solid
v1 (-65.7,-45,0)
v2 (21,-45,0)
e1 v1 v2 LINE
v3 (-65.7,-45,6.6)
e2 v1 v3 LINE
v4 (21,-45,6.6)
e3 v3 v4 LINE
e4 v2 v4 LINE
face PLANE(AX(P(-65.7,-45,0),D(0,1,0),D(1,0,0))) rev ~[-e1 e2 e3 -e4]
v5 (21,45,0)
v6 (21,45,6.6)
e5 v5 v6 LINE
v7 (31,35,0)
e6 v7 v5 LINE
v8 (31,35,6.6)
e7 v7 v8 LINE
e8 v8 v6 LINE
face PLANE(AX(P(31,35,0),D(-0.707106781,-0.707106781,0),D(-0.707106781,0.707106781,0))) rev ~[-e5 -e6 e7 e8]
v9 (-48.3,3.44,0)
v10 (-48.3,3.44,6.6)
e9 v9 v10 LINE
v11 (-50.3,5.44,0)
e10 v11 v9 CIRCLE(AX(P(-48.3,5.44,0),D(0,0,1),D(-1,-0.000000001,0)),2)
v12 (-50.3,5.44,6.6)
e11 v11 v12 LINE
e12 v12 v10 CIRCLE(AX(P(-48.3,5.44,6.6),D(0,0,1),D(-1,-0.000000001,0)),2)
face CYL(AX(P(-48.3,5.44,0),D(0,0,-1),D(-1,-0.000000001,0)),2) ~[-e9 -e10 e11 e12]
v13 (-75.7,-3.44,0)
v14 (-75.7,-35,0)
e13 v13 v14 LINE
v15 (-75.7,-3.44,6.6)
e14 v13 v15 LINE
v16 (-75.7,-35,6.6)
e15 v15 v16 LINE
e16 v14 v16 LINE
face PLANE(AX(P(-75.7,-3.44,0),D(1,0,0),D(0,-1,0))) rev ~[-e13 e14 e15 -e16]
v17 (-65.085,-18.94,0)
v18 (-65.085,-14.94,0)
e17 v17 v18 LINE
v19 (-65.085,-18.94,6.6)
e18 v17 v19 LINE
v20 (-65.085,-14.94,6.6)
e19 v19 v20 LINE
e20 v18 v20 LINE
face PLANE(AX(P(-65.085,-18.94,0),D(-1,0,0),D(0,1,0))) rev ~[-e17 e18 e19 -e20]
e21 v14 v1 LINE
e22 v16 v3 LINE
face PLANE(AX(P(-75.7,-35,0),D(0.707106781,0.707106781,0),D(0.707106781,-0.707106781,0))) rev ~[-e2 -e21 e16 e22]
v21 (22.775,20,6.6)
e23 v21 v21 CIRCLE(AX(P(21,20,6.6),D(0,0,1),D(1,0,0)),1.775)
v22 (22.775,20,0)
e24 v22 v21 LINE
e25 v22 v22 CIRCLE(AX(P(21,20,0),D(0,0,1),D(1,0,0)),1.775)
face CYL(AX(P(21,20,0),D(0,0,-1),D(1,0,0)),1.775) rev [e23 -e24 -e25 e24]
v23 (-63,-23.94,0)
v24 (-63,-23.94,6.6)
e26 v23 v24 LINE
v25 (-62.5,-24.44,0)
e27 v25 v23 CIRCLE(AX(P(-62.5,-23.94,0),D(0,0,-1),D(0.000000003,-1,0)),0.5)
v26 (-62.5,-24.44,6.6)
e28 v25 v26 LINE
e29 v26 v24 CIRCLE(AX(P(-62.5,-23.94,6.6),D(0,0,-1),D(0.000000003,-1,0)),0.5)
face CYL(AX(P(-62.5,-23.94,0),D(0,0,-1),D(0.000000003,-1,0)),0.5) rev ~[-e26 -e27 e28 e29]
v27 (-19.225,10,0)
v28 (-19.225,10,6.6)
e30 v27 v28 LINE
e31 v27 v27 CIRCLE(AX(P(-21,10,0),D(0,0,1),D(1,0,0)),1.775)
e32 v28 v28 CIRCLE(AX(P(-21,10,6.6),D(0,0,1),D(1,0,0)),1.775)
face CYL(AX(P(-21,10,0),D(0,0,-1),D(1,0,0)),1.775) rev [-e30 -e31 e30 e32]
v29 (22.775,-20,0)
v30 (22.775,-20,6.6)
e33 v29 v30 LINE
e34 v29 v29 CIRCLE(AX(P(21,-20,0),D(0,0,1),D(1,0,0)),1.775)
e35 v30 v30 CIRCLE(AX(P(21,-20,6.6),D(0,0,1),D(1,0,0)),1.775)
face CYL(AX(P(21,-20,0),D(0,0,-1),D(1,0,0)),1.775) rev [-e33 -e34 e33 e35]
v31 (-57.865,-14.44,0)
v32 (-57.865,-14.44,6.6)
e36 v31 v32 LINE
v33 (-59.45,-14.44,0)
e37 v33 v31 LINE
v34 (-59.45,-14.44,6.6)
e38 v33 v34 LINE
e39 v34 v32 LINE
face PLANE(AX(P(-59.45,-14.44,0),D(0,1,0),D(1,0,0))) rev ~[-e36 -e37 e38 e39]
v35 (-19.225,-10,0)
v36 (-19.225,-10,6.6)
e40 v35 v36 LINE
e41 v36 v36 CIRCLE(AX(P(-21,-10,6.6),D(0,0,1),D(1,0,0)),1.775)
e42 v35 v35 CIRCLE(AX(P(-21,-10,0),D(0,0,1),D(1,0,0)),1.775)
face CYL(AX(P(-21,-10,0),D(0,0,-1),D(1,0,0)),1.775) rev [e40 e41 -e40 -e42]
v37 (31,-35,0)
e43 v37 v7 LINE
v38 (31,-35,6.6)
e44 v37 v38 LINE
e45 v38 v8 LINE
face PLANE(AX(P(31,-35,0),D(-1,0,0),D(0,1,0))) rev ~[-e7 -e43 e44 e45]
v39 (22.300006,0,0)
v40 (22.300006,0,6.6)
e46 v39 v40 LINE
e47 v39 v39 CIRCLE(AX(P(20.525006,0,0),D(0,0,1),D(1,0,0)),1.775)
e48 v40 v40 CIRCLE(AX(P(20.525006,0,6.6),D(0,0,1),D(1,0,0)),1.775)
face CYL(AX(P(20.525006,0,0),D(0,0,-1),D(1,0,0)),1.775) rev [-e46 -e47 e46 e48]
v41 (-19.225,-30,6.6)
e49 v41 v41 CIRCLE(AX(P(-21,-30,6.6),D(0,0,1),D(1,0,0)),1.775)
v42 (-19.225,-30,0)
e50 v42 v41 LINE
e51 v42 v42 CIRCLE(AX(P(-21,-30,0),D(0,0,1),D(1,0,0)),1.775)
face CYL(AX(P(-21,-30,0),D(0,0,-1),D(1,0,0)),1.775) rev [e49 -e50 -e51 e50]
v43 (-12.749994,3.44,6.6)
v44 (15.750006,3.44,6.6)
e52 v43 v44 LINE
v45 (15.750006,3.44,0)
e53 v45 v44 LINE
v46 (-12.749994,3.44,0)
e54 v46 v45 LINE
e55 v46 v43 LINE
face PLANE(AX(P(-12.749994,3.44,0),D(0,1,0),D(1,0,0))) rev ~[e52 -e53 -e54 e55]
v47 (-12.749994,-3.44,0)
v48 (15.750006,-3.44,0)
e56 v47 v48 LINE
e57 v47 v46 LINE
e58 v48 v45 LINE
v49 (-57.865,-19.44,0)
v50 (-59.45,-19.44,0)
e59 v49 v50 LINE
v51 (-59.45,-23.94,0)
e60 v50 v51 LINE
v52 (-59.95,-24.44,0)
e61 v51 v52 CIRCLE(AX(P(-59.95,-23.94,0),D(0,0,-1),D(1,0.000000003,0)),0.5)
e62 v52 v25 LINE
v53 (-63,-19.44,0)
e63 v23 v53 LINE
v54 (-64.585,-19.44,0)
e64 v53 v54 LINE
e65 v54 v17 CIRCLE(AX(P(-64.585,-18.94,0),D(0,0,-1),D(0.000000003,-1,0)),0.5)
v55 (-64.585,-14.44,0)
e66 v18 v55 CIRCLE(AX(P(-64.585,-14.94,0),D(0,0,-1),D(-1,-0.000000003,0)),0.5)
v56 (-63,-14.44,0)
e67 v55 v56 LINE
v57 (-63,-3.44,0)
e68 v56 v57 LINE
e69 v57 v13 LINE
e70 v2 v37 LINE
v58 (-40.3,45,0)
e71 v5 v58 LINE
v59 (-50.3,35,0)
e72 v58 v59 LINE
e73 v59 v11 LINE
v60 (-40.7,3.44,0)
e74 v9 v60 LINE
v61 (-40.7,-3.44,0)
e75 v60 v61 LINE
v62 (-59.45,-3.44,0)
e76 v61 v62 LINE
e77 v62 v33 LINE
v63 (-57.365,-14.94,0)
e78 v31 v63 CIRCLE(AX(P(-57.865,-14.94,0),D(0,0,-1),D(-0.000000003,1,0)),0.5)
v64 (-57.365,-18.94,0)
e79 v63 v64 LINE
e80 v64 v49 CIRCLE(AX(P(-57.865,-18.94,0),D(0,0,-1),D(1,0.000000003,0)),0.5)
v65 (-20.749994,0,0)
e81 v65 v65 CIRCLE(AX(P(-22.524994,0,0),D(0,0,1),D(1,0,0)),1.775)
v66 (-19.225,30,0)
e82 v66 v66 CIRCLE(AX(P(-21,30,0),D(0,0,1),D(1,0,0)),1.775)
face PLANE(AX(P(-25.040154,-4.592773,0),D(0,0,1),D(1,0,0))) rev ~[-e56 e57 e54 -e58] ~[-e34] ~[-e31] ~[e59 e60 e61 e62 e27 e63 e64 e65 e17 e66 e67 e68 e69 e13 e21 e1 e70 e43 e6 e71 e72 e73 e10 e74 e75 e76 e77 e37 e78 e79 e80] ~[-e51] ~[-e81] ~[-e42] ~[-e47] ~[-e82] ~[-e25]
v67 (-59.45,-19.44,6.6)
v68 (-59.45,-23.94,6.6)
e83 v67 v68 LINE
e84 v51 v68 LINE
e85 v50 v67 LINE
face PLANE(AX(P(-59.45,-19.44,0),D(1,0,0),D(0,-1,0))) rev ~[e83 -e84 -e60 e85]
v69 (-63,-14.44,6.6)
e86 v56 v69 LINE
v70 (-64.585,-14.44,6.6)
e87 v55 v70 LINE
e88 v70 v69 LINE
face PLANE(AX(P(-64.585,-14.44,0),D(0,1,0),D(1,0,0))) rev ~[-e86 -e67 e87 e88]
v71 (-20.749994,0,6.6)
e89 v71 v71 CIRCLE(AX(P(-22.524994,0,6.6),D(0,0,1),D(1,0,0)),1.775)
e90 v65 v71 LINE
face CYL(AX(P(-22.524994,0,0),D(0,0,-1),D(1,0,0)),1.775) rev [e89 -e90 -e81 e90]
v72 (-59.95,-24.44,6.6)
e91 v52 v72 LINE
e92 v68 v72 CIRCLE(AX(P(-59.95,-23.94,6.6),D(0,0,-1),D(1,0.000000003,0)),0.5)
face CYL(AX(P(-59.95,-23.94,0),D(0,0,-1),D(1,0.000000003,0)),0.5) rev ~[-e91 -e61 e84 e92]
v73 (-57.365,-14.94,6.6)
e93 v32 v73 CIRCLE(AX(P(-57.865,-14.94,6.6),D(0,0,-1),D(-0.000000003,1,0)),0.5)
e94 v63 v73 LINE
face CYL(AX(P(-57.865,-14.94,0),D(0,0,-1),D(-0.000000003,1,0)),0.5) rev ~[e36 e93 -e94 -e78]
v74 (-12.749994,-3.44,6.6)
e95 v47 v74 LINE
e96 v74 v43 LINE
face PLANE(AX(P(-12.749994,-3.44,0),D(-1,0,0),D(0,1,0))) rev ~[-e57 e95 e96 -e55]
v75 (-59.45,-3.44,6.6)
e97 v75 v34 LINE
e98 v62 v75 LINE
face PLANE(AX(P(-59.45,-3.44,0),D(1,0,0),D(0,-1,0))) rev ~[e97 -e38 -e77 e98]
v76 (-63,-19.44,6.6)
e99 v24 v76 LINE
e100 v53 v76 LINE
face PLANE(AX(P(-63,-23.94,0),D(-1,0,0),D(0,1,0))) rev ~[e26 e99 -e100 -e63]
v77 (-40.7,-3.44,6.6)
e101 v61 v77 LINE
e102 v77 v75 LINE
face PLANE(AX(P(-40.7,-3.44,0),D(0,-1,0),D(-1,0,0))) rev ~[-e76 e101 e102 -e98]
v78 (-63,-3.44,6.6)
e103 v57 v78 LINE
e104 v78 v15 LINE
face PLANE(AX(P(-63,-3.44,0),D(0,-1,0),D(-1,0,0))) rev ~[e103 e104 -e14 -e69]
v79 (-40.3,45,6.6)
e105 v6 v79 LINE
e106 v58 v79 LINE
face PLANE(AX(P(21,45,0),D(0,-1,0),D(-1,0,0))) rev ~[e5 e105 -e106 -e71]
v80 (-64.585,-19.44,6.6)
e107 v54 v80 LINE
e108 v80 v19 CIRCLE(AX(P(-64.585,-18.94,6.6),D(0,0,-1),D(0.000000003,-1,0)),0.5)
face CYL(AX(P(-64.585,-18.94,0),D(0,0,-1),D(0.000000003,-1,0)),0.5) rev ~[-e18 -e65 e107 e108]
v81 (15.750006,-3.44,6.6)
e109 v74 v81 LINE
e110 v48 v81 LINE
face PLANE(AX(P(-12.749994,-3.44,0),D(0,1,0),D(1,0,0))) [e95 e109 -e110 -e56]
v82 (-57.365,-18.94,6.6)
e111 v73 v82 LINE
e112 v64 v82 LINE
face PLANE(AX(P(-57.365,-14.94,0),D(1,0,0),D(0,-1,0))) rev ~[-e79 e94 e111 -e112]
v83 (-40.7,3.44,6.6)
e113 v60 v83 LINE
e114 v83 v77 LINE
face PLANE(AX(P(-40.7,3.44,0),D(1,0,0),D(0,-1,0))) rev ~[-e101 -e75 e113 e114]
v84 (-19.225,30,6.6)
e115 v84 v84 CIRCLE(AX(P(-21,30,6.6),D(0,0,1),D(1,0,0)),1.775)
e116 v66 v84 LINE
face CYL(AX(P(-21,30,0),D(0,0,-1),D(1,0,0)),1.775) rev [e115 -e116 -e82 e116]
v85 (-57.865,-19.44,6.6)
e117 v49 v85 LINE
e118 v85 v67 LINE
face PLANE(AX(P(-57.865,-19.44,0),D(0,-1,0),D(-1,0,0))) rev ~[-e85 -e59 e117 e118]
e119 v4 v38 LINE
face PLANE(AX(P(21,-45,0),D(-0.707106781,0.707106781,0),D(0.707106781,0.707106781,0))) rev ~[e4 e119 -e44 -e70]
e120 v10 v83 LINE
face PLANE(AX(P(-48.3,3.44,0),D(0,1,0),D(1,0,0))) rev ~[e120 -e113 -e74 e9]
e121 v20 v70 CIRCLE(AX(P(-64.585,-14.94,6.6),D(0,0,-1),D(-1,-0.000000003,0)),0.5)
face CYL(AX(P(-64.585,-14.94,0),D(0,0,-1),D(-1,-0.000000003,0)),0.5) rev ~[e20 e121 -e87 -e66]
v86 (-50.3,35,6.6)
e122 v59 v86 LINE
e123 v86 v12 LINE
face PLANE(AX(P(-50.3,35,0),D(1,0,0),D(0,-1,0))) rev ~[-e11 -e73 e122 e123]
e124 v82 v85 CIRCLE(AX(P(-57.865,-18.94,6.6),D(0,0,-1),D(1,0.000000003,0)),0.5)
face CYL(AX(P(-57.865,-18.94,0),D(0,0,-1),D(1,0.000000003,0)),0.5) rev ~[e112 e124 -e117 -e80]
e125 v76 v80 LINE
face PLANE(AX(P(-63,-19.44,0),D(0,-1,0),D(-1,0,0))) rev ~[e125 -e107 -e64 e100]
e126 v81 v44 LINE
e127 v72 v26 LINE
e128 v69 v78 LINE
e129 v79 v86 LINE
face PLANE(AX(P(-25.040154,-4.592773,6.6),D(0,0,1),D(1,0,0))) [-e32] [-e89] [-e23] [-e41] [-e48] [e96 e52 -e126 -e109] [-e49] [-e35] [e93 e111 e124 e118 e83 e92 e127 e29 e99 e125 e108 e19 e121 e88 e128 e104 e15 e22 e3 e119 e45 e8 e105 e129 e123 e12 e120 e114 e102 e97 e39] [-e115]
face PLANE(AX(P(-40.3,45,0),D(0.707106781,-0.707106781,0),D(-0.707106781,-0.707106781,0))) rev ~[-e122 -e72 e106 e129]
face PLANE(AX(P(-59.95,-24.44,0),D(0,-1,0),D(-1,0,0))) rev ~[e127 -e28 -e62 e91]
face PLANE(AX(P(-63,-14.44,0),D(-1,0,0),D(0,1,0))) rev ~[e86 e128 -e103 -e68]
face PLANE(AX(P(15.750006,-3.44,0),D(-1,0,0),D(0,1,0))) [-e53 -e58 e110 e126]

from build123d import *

# Parameters (mm, degrees)
MODEL_R             = 1.775
MODEL_W             = 28.5
MODEL_H             = 6.88
BOSS_EXTRUDE1_DEPTH = 6.6


with BuildPart() as part:
    # Model → Boss-Extrude1 (new body)
    with BuildSketch(Plane.XY):
        with BuildLine():
            Line((-40.3, 45), (-50.3, 35))
            Line((-50.3, 35), (-50.3, 5.44))
            ThreePointArc((-50.3, 5.44), (-49.714213562, 4.025786438), (-48.3, 3.44))
            Line((-48.3, 3.44), (-40.7, 3.44))
            Line((-40.7, 3.44), (-40.7, -3.44))
            Line((-40.7, -3.44), (-59.45, -3.44))
            Line((-59.45, -3.44), (-59.45, -14.44))
            Line((-59.45, -14.44), (-57.865, -14.44))
            ThreePointArc((-57.865, -14.44), (-57.511446609, -14.586446609), (-57.365, -14.94))
            Line((-57.365, -14.94), (-57.365, -18.94))
            ThreePointArc((-57.365, -18.94), (-57.511446609, -19.293553391), (-57.865, -19.44))
            Line((-57.865, -19.44), (-59.45, -19.44))
            Line((-59.45, -19.44), (-59.45, -23.94))
            ThreePointArc((-59.45, -23.94), (-59.596446609, -24.293553391), (-59.95, -24.44))
            Line((-59.95, -24.44), (-62.5, -24.44))
            ThreePointArc((-62.5, -24.44), (-62.853553391, -24.293553391), (-63, -23.94))
            Line((-63, -23.94), (-63, -19.44))
            Line((-63, -19.44), (-64.585, -19.44))
            ThreePointArc((-64.585, -19.44), (-64.938553391, -19.293553391), (-65.085, -18.94))
            Line((-65.085, -18.94), (-65.085, -14.94))
            ThreePointArc((-65.085, -14.94), (-64.938553391, -14.586446609), (-64.585, -14.44))
            Line((-64.585, -14.44), (-63, -14.44))
            Line((-63, -14.44), (-63, -3.44))
            Line((-63, -3.44), (-75.7, -3.44))
            Line((-75.7, -3.44), (-75.7, -35))
            Line((-75.7, -35), (-65.7, -45))
            Line((-65.7, -45), (21, -45))
            Line((21, -45), (31, -35))
            Line((31, -35), (31, 35))
            Line((31, 35), (21, 45))
            Line((21, 45), (-40.3, 45))
        make_face()
        with Locations((-21, 30)):
            Circle(MODEL_R, mode=Mode.SUBTRACT)
        with Locations((-21, 10)):
            Circle(MODEL_R, mode=Mode.SUBTRACT)
        with Locations((-21, -10)):
            Circle(MODEL_R, mode=Mode.SUBTRACT)
        with Locations((-21, -30)):
            Circle(MODEL_R, mode=Mode.SUBTRACT)
        with Locations((21, 20)):
            Circle(MODEL_R, mode=Mode.SUBTRACT)
        with Locations((21, -20)):
            Circle(MODEL_R, mode=Mode.SUBTRACT)
        with Locations((-22.524993759, 0)):
            Circle(MODEL_R, mode=Mode.SUBTRACT)
        with Locations((20.525006241, 0)):
            Circle(MODEL_R, mode=Mode.SUBTRACT)
        with Locations((1.500006241, 0)):
            Rectangle(MODEL_W, MODEL_H, mode=Mode.SUBTRACT)
    extrude(amount=BOSS_EXTRUDE1_DEPTH)


solid = part.part
